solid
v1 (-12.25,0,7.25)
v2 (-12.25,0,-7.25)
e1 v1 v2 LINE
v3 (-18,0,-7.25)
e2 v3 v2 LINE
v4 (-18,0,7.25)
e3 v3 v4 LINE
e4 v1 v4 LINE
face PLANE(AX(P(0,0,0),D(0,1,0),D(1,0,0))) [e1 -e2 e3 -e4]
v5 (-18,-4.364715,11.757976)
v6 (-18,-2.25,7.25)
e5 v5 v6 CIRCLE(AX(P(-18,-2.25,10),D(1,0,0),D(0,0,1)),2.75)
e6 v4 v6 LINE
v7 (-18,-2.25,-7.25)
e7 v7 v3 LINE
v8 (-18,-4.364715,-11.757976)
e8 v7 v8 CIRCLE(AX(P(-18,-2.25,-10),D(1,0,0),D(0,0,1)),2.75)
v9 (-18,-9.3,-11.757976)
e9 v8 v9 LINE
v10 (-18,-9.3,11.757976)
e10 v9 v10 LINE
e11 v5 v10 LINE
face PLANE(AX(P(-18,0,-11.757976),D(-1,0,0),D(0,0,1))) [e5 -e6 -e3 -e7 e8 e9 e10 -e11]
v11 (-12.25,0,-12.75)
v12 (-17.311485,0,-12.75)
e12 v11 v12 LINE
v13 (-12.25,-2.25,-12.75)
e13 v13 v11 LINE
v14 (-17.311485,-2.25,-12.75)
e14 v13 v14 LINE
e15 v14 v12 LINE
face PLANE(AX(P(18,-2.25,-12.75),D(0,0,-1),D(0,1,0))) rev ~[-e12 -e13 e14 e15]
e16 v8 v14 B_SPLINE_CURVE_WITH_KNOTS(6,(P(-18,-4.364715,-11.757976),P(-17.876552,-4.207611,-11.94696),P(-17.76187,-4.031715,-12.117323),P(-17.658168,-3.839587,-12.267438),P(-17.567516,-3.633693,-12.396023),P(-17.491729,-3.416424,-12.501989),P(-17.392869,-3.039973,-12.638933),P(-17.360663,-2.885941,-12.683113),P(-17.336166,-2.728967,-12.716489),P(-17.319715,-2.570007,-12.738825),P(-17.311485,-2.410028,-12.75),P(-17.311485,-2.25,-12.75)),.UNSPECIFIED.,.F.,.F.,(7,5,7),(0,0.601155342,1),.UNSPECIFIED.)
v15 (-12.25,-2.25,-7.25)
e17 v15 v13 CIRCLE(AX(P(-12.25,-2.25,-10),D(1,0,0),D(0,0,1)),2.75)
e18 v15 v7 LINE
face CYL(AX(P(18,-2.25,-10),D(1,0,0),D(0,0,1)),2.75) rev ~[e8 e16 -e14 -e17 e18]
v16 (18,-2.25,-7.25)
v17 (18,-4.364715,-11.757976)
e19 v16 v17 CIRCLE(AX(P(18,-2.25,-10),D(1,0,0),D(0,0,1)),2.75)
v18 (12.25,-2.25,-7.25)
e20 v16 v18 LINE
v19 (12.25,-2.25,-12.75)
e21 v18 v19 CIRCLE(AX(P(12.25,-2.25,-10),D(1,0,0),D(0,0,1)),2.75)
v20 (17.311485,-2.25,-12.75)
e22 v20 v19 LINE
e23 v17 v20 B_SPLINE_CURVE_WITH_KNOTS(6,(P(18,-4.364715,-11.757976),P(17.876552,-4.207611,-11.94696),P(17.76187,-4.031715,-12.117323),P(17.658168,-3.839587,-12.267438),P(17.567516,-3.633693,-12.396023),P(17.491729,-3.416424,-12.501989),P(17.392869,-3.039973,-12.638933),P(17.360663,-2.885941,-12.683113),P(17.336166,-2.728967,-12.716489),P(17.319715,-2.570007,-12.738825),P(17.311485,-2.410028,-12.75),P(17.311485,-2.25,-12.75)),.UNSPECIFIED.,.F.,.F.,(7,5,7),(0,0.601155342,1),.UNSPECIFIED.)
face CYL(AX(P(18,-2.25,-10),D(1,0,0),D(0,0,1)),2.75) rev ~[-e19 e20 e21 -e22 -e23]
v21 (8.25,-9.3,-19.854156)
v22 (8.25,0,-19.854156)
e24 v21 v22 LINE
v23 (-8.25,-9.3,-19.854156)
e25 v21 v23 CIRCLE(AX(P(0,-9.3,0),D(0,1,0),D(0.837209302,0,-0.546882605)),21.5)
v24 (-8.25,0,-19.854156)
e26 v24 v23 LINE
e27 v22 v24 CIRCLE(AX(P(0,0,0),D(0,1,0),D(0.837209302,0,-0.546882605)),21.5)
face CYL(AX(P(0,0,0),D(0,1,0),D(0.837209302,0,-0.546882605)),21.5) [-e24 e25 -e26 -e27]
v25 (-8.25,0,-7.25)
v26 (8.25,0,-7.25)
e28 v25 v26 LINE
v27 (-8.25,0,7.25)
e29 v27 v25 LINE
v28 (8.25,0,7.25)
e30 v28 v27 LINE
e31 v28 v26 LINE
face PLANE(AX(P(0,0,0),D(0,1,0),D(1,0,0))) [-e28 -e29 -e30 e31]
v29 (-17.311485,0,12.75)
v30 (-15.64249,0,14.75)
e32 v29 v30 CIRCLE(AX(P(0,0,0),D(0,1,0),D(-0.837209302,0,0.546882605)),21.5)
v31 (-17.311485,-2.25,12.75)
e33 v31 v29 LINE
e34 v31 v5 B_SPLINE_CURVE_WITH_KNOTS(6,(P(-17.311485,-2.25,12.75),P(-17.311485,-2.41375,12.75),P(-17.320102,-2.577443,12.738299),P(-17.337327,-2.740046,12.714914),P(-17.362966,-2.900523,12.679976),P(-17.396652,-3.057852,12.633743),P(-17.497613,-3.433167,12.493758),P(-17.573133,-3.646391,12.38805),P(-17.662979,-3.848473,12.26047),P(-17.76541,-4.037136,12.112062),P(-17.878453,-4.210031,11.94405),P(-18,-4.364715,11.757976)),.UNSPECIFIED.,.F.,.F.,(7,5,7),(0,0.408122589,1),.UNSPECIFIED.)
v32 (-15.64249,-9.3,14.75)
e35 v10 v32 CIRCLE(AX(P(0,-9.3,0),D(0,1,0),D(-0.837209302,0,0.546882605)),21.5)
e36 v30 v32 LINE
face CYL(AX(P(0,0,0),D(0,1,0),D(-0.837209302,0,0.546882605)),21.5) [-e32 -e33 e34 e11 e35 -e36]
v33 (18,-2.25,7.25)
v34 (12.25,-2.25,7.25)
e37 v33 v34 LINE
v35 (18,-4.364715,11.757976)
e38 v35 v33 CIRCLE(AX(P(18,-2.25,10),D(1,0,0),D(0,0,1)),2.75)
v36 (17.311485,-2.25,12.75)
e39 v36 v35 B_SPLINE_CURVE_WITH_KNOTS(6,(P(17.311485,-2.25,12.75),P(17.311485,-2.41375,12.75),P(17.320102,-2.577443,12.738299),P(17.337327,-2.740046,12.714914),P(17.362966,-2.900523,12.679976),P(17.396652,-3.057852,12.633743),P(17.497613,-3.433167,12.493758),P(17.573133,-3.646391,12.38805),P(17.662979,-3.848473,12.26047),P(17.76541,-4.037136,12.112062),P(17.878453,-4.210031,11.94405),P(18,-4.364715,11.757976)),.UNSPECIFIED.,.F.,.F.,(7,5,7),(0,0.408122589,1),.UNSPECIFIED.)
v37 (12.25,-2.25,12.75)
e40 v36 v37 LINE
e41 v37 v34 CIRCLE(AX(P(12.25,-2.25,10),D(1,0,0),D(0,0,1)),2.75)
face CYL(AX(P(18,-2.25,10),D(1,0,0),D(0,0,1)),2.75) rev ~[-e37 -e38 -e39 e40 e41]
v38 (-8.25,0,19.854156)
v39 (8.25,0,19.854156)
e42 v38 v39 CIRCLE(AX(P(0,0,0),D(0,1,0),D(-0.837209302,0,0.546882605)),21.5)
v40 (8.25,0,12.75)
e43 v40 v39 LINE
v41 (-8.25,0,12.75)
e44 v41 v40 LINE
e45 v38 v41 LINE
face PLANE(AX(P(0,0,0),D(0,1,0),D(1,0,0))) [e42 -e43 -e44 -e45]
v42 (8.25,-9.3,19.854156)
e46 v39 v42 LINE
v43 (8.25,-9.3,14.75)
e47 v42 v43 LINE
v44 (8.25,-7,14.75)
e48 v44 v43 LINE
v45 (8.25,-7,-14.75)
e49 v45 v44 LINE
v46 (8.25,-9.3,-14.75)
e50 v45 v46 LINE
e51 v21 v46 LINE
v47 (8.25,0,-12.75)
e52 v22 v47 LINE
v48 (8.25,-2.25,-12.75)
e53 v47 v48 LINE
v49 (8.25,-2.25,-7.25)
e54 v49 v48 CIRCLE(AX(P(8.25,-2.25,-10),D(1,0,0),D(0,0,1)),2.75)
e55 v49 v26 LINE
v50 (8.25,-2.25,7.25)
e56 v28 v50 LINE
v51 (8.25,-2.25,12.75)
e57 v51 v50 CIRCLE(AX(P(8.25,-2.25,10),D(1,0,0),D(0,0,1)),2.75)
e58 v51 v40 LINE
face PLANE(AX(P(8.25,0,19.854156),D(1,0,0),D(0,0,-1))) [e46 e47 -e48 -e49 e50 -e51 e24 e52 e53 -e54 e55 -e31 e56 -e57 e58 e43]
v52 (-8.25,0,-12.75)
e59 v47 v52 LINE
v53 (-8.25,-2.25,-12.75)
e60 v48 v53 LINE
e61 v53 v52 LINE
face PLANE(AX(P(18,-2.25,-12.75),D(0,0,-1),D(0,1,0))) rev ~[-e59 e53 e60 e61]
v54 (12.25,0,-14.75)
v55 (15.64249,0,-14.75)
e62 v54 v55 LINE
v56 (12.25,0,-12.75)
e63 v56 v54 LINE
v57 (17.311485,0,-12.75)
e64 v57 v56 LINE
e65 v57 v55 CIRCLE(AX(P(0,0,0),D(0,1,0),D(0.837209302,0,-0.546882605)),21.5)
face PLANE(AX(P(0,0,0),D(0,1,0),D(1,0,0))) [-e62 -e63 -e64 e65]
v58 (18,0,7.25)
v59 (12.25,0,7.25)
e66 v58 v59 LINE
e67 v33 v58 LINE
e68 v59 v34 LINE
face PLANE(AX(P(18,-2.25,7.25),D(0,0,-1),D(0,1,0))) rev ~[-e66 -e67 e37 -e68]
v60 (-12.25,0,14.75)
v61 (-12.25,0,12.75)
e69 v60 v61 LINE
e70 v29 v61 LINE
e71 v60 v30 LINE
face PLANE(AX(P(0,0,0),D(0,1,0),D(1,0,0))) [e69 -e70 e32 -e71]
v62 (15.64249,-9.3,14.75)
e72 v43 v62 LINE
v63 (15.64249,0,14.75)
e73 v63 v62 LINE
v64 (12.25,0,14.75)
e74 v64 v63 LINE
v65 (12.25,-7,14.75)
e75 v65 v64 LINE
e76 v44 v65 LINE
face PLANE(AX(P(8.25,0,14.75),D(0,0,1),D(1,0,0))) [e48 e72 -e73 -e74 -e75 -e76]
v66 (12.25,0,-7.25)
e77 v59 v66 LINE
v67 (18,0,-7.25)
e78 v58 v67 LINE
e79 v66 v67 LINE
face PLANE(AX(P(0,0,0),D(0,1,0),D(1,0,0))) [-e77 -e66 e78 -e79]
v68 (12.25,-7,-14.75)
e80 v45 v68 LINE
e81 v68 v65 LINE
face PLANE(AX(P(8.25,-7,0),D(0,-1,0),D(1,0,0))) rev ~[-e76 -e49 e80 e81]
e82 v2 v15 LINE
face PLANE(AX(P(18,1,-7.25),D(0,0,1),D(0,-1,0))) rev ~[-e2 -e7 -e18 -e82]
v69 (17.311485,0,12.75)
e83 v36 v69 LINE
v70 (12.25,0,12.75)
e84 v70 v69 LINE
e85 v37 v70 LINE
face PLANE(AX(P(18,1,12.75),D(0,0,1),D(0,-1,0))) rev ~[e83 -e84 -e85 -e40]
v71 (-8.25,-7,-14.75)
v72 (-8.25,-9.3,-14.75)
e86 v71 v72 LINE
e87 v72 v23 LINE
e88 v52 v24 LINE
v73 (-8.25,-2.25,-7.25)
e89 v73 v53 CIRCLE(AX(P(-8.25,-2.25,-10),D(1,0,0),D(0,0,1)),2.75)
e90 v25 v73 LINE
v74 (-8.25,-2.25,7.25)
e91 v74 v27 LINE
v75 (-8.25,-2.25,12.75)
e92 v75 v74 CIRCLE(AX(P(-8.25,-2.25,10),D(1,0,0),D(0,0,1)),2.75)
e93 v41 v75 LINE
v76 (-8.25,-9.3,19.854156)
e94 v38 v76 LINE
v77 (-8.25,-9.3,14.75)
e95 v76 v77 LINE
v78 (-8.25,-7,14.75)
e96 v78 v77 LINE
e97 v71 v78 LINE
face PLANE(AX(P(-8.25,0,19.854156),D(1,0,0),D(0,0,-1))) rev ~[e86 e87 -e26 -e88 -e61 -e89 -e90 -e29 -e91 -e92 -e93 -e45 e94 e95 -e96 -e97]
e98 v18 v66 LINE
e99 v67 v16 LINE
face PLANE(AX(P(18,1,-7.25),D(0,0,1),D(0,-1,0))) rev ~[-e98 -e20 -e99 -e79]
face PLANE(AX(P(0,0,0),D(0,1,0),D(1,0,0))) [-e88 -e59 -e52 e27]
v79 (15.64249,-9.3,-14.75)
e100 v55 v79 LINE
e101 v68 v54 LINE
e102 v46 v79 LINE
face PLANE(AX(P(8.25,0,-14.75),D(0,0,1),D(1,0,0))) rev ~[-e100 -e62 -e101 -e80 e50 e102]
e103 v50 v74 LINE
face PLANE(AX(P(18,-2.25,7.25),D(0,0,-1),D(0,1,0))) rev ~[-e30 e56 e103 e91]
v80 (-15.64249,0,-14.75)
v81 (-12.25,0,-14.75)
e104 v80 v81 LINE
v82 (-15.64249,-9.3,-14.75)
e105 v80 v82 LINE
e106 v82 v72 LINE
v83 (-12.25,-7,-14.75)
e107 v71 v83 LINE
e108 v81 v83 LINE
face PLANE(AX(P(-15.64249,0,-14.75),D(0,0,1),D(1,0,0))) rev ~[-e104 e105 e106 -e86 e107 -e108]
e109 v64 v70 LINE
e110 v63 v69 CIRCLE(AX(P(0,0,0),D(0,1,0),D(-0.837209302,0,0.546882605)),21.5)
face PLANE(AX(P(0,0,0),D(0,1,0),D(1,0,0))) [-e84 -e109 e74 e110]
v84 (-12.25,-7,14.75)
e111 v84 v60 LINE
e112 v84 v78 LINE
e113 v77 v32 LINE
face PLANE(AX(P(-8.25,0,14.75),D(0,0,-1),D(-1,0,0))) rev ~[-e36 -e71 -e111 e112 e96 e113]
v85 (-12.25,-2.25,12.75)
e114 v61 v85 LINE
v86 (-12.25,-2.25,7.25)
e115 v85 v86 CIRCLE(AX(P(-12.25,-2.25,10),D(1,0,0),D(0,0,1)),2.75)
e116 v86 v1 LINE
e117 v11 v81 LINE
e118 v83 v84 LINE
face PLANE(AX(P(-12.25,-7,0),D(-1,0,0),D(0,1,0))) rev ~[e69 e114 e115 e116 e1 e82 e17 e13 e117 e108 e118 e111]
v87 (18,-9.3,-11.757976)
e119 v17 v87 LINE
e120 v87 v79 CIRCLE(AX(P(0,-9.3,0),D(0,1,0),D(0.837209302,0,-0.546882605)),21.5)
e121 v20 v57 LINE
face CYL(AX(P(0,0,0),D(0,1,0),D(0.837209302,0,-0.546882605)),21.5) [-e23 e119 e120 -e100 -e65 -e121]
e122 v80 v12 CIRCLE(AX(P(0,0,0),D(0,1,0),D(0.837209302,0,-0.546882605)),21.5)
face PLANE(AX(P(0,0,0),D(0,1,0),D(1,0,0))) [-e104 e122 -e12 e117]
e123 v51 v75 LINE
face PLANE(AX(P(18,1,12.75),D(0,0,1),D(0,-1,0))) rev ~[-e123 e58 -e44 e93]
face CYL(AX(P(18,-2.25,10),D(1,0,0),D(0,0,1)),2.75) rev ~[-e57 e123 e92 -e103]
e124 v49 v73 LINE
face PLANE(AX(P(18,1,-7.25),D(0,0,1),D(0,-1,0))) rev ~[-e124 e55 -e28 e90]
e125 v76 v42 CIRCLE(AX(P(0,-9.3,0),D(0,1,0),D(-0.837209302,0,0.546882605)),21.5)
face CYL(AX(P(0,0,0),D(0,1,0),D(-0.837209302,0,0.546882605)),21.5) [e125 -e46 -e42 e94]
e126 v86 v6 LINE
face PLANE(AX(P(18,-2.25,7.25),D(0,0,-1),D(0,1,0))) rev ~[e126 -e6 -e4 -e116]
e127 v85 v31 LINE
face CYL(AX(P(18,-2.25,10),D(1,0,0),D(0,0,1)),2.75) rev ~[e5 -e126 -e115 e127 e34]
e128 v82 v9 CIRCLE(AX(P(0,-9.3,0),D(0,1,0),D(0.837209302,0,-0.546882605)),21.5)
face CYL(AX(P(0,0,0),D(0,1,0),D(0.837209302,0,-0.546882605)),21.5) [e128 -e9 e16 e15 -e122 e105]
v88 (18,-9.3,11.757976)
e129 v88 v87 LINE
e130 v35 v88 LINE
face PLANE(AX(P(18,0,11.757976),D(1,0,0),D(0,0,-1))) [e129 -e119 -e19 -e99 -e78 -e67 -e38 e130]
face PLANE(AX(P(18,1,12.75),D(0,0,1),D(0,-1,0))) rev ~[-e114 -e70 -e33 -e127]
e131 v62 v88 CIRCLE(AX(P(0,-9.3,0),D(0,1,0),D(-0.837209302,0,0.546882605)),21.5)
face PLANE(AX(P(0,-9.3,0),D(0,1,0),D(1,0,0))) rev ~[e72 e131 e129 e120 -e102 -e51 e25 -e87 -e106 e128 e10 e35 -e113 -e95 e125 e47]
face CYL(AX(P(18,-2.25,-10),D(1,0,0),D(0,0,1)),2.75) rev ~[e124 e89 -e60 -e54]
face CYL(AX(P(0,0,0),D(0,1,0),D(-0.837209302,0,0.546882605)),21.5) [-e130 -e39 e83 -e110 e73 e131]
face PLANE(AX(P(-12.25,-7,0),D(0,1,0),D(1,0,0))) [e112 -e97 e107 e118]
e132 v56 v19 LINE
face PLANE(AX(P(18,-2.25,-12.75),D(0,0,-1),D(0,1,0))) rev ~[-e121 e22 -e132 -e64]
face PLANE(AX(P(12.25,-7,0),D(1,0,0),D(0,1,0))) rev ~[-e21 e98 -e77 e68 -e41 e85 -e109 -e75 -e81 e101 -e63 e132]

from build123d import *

# Parameters (mm, degrees)
Y_KSEKLIK_EKSTR_ZYON1_DEPTH = 9.3
KES_EKSTR_ZYON1_DEPTH       = 10.3
KES_EKSTR_ZYON2_DEPTH       = 37
IZIM4_W                     = 4
IZIM4_H                     = 7
KES_EKSTR_ZYON3_DEPTH       = 25


with BuildPart() as part:
    # Çizim1 → Yükseklik-Ekstrüzyon1 (new body)
    with BuildSketch(Plane(origin=(0, 0, 0), x_dir=(1, 0, 0), z_dir=(0, 1, 0))):
        with BuildLine():
            Line((18, -11.757976016), (18, 11.757976016))
            ThreePointArc((18, 11.757976016), (0, 21.5), (-18, 11.757976016))
            Line((-18, 11.757976016), (-18, -11.757976016))
            ThreePointArc((-18, -11.757976016), (0, -21.5), (18, -11.757976016))
        make_face()
    extrude(amount=-Y_KSEKLIK_EKSTR_ZYON1_DEPTH)

    # Çizim2 → Kes-Ekstrüzyon1 (cut, through all)
    with BuildSketch(Plane(origin=(0, 0, 0), x_dir=(1, 0, 0), z_dir=(0, 1, 0))):
        with BuildLine():
            Line((8.25, -14.75), (15.642490211, -14.75))
            ThreePointArc((15.642490211, -14.75), (12.215804254, -17.692487853), (8.25, -19.854155736))
            Line((8.25, -19.854155736), (8.25, -14.75))
        make_face()
        with BuildLine():
            Line((-8.25, -19.854155736), (-8.25, -14.75))
            Line((-8.25, -14.75), (-15.642490211, -14.75))
            ThreePointArc((-15.642490211, -14.75), (-12.215804254, -17.692487853), (-8.25, -19.854155736))
        make_face()
        with BuildLine():
            Line((8.25, 14.75), (15.642490211, 14.75))
            ThreePointArc((15.642490211, 14.75), (12.215804254, 17.692487853), (8.25, 19.854155736))
            Line((8.25, 19.854155736), (8.25, 14.75))
        make_face()
        with BuildLine():
            Line((-15.642490211, 14.75), (-8.25, 14.75))
            Line((-8.25, 14.75), (-8.25, 19.854155736))
            ThreePointArc((-8.25, 19.854155736), (-12.215804254, 17.692487853), (-15.642490211, 14.75))
        make_face()
    extrude(amount=-KES_EKSTR_ZYON1_DEPTH, mode=Mode.SUBTRACT)

    # Çizim3 → Kes-Ekstrüzyon2 (cut, through all)
    with BuildSketch(Plane(origin=(18, 0, 0), x_dir=(0, 0, -1), z_dir=(1, 0, 0))):
        with BuildLine():
            Line((-7.25, -2.25), (-7.25, 1))
            Line((-7.25, 1), (-12.75, 1))
            Line((-12.75, 1), (-12.75, -2.25))
            ThreePointArc((-12.75, -2.25), (-10, -5), (-7.25, -2.25))
        make_face()
        with BuildLine():
            Line((12.75, -2.25), (12.75, 1))
            Line((12.75, 1), (7.25, 1))
            Line((7.25, 1), (7.25, -2.25))
            ThreePointArc((7.25, -2.25), (10, -5), (12.75, -2.25))
        make_face()
    extrude(amount=-KES_EKSTR_ZYON2_DEPTH, mode=Mode.SUBTRACT)

    # Çizim4 → Kes-Ekstrüzyon3 (cut, symmetric)
    with BuildSketch(Plane.XY):
        with Locations((-10.25, -3.5)):
            Rectangle(IZIM4_W, IZIM4_H)
        with Locations((10.25, -3.5)):
            Rectangle(IZIM4_W, IZIM4_H)
    extrude(amount=KES_EKSTR_ZYON3_DEPTH, both=True, mode=Mode.SUBTRACT)


solid = part.part
